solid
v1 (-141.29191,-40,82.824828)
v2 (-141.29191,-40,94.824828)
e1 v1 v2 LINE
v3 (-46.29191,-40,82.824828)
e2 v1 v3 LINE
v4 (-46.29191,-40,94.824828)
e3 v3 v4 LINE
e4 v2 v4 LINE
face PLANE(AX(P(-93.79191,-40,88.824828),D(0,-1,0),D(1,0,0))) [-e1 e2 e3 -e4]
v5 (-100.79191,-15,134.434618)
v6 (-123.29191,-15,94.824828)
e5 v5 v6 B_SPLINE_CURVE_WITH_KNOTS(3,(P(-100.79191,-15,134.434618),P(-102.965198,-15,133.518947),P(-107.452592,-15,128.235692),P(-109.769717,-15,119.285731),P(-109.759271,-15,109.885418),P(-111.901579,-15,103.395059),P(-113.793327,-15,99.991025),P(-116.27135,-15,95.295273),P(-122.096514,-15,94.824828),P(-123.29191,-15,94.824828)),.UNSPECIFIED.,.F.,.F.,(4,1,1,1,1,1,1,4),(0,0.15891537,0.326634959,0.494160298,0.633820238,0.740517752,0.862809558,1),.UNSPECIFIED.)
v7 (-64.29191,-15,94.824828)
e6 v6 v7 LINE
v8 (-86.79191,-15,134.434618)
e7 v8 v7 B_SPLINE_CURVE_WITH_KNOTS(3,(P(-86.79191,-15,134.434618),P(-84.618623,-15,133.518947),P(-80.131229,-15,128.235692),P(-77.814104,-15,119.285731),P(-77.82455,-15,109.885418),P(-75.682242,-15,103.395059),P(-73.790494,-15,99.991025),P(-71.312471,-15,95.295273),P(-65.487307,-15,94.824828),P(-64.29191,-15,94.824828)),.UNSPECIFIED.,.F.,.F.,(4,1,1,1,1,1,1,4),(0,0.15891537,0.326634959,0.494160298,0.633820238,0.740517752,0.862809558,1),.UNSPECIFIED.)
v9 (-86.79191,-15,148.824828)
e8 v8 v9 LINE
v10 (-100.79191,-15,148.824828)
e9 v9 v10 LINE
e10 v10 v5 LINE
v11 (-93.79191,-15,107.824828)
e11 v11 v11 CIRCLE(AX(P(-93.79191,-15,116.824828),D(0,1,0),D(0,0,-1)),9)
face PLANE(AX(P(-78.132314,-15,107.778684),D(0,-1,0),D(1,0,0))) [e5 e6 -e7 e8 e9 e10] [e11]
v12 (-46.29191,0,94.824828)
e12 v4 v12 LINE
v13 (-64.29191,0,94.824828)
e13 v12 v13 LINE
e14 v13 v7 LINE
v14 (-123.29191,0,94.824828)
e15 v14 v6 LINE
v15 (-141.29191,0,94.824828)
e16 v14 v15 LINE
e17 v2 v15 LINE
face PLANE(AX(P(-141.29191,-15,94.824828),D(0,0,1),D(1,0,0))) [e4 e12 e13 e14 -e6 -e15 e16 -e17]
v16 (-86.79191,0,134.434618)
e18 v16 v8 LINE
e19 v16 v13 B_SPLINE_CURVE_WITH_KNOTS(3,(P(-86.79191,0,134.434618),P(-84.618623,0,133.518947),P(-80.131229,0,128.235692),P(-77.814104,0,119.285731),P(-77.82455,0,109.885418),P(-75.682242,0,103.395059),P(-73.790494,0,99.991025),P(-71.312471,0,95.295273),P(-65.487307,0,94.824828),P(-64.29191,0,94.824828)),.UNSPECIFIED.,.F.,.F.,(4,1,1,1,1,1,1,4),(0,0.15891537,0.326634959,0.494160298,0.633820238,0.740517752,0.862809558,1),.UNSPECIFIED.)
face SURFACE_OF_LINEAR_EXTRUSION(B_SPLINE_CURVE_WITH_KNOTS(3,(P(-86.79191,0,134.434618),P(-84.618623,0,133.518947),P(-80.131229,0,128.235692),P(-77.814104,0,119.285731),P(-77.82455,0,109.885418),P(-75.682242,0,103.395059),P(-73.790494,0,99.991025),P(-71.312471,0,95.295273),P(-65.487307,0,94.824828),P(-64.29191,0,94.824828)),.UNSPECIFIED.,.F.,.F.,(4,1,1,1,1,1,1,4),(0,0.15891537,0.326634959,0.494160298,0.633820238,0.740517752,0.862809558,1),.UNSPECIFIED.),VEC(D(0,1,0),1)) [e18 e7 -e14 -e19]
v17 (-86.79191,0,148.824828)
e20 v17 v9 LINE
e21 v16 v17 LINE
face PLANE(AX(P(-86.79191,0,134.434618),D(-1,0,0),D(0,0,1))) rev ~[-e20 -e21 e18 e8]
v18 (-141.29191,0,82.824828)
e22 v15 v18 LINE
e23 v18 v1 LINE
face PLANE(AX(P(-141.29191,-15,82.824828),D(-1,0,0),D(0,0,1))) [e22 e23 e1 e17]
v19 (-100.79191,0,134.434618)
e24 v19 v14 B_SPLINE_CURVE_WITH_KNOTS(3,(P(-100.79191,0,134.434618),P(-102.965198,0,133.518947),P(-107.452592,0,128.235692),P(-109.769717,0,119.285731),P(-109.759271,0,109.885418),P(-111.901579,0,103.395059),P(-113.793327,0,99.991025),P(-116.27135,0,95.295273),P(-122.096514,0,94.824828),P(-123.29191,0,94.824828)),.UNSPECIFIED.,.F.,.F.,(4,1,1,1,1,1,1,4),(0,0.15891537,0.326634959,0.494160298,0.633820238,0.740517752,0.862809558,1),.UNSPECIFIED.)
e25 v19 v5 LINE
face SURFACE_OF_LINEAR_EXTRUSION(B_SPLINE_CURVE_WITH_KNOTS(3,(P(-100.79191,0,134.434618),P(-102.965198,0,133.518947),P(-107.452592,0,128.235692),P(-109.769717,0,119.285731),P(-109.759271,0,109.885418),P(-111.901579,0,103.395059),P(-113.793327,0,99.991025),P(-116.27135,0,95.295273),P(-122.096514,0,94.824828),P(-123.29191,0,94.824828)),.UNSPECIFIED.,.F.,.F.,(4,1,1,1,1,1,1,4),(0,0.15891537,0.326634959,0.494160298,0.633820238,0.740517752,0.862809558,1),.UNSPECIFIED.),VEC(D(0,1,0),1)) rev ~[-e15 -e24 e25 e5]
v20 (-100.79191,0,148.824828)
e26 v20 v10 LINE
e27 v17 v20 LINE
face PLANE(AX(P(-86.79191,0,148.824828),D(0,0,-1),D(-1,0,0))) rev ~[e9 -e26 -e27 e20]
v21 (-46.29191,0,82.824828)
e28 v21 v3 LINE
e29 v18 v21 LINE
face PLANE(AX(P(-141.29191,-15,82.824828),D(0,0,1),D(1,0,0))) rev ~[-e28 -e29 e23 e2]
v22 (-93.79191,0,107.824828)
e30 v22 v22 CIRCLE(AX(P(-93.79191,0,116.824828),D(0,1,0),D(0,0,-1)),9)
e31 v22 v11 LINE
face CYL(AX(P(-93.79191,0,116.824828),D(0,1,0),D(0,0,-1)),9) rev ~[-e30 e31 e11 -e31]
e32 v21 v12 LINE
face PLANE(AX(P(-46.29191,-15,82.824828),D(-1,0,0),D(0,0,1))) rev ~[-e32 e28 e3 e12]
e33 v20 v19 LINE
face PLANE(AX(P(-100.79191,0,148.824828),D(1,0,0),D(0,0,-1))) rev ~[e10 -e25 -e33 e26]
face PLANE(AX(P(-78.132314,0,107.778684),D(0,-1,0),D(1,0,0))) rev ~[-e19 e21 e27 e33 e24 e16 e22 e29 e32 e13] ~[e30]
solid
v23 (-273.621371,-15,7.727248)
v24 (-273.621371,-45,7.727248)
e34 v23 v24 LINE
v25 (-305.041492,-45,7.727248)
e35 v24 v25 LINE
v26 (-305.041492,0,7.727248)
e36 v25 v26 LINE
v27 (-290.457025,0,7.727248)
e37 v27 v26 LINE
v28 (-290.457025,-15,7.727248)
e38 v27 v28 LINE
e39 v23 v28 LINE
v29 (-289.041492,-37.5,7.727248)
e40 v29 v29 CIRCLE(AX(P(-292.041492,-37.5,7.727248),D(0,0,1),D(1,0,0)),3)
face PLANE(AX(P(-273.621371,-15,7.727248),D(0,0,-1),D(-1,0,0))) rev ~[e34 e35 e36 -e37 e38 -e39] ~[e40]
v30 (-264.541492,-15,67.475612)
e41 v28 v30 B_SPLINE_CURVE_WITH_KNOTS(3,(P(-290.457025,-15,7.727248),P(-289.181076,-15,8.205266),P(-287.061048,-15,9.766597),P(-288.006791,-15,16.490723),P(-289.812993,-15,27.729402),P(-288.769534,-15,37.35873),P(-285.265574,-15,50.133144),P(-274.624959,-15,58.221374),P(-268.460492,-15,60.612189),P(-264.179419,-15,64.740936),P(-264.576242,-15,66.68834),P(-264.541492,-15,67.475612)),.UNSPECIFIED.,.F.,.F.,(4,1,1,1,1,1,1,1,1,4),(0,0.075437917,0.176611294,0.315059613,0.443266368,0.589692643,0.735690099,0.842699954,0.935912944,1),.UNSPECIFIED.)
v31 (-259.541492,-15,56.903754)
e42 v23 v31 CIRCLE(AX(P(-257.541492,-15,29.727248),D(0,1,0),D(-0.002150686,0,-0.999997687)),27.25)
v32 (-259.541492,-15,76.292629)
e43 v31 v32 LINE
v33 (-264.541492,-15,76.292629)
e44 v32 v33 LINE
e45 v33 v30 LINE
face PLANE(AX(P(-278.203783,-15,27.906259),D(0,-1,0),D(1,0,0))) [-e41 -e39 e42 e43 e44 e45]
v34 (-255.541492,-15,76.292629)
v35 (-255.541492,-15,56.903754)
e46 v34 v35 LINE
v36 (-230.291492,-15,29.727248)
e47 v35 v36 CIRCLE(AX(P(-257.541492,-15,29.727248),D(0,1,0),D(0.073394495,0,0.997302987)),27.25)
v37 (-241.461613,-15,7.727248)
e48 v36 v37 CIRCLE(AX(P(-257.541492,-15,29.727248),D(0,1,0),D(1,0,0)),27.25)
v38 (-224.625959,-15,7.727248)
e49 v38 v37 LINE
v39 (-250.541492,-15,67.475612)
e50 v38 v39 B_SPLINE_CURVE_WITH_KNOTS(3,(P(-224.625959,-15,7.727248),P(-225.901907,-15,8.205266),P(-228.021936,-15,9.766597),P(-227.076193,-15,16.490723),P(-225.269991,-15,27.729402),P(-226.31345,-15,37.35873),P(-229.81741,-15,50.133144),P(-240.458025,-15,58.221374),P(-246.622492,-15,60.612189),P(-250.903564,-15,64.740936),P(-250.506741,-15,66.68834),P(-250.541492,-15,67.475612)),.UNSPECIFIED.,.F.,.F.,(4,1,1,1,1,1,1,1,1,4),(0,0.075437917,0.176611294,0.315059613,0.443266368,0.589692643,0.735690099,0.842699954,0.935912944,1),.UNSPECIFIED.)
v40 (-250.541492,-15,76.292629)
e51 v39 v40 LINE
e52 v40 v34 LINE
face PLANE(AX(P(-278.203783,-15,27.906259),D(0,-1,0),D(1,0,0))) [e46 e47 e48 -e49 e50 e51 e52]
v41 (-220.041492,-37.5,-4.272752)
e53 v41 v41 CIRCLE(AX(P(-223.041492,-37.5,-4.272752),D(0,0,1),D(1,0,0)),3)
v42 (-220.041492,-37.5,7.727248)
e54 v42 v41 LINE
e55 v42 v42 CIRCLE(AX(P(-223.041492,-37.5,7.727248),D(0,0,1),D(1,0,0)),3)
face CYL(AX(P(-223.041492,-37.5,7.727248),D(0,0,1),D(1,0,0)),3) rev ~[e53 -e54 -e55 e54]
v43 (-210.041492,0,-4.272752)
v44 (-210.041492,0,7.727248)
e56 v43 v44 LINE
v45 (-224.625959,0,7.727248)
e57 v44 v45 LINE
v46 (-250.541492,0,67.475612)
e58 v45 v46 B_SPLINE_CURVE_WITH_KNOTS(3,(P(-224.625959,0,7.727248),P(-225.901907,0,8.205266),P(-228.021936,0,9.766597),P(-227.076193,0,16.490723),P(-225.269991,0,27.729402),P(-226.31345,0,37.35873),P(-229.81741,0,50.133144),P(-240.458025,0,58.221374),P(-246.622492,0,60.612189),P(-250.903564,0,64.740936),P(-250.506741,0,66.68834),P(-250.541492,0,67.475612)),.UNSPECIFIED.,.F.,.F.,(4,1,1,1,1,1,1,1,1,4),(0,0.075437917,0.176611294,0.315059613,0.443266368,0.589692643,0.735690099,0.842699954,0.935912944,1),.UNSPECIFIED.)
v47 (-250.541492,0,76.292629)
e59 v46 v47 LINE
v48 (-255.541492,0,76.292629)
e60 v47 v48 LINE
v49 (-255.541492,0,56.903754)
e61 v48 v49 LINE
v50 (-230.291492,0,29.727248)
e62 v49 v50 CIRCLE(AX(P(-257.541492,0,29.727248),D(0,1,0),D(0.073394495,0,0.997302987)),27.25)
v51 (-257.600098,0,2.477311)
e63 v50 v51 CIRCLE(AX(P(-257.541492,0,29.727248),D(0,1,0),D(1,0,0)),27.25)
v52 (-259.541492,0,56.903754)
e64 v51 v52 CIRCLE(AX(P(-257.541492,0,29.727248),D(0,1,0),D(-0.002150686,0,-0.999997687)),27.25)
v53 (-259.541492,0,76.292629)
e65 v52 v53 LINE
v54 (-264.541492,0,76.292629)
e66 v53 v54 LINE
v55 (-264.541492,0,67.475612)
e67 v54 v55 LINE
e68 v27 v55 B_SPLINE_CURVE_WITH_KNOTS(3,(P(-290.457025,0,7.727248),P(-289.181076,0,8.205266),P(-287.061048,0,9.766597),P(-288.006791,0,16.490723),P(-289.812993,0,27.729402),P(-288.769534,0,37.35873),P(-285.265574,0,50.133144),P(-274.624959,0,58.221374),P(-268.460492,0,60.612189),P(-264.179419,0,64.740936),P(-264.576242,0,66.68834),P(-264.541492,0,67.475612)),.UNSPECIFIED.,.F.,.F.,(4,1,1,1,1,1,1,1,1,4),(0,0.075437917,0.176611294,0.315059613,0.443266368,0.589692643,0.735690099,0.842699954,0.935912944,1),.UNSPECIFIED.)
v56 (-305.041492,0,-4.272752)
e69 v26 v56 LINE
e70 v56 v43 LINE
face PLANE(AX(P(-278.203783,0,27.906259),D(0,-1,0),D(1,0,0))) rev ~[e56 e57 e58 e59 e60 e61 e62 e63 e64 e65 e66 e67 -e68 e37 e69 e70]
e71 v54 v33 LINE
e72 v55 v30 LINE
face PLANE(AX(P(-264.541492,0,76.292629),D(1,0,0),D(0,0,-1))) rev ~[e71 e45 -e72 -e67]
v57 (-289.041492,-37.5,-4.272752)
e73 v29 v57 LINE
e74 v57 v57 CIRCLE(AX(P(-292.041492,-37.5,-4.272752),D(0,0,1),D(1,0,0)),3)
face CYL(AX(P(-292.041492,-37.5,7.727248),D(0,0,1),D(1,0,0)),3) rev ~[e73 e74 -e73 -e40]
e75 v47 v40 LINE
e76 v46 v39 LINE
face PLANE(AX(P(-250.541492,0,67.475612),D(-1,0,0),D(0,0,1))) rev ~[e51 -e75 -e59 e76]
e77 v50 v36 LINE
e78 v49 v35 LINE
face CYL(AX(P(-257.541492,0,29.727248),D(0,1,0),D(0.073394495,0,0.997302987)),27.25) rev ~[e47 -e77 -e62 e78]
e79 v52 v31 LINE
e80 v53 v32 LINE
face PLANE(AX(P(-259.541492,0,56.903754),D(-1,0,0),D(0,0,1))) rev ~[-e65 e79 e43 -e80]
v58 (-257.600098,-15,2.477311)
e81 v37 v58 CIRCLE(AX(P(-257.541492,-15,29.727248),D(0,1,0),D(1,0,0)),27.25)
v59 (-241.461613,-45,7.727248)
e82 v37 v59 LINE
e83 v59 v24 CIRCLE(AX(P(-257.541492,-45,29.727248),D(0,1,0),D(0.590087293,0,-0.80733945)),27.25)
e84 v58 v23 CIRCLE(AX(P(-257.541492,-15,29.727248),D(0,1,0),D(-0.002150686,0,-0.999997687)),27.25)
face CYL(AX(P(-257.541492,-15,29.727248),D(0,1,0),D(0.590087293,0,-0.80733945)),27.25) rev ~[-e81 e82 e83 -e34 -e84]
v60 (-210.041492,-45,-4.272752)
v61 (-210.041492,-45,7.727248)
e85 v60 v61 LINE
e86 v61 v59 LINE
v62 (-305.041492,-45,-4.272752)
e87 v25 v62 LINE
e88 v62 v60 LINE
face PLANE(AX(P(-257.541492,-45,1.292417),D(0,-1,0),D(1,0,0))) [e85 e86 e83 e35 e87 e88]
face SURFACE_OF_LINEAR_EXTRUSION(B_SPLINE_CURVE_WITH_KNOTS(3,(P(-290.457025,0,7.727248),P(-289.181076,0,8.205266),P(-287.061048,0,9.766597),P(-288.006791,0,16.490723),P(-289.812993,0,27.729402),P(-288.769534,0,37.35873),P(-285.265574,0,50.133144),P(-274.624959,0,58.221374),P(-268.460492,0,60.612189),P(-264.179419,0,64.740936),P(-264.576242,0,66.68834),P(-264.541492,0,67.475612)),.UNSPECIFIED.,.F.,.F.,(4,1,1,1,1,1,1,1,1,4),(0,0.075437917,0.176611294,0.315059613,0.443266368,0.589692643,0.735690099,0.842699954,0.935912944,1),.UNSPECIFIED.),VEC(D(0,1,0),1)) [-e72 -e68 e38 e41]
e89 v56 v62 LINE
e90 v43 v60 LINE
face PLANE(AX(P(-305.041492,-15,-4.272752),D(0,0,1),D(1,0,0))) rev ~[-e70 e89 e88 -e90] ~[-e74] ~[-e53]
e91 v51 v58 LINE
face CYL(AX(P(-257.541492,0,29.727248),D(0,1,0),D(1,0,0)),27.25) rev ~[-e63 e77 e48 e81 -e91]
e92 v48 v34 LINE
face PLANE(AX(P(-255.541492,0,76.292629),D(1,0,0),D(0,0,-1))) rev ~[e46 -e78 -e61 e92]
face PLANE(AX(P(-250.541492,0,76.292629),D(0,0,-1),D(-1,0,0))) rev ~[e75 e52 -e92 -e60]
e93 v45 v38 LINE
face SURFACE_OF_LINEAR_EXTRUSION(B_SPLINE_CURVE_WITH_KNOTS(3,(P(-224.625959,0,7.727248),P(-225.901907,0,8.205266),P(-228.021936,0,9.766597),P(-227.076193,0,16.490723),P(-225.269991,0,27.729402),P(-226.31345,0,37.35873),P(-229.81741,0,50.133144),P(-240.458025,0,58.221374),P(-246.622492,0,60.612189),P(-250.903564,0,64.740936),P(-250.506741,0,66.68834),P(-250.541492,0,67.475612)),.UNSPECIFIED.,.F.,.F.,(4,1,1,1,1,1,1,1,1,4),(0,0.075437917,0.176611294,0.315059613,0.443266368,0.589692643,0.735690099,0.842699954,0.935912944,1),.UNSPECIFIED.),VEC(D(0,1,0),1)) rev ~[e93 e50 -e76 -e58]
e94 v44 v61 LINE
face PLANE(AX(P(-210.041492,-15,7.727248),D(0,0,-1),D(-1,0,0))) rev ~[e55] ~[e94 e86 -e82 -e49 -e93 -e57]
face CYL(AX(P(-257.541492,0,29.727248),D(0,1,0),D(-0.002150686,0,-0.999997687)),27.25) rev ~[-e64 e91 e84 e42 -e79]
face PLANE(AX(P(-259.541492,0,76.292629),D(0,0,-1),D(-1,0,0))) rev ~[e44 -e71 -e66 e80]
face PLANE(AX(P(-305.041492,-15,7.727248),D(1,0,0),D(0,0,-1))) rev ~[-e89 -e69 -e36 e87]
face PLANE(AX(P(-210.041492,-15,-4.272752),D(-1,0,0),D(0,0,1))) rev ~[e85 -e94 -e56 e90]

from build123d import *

# Parameters (mm, degrees)
F1_DEPTH = 15
F2_W     = 95
F2_H     = 12
F3_DEPTH = 25
F5_DEPTH = 30
F6_R     = 3
F7_DEPTH = 25


with BuildPart() as f1:
    # F0 (on Front) → F1 (new body)
    with BuildSketch(Plane.XZ):
        with BuildLine():
            Line((-86.7919104606, 148.8248279665), (-93.7919104606, 148.8248279665))
            Line((-93.7919104606, 148.8248279665), (-93.7919104606, 125.8248279665))
            ThreePointArc((-93.7919104606, 125.8248279665), (-84.7919104606, 116.8248279665), (-93.7919104606, 107.8248279665))
            Line((-93.7919104606, 107.8248279665), (-93.7919104606, 82.8248279665))
            Line((-93.7919104606, 82.8248279665), (-46.2919104606, 82.8248279665))
            Line((-46.2919104606, 82.8248279665), (-46.2919104606, 94.8248279665))
            Line((-46.2919104606, 94.8248279665), (-64.2919104606, 94.8248279665))
            add(Edge.make_bspline(
                [(-86.7919104606, 134.4346182567), (-84.6186229965, 133.5189465859), (-80.1312288241, 128.2356920468), (-77.8141041543, 119.2857314457), (-77.824550096, 109.8854181171), (-75.6822417412, 103.3950594754), (-73.7904940331, 99.9910254255), (-71.3124707915, 95.2952731617), (-65.4873071613, 94.8248279665), (-64.2919104606, 94.8248279665)],
                knots=[0, 0, 0, 0, 0.1589153696, 0.3266349591, 0.4941602985, 0.6338202377, 0.7405177517, 0.8628095578, 1, 1, 1, 1], degree=3))
            Line((-86.7919104606, 134.4346182567), (-86.7919104606, 148.8248279665))
        make_face()
        with BuildLine():
            Line((-93.7919104606, 125.8248279665), (-93.7919104606, 148.8248279665))
            Line((-93.7919104606, 148.8248279665), (-100.7919104606, 148.8248279665))
            Line((-100.7919104606, 148.8248279665), (-100.7919104606, 134.4346182567))
            add(Edge.make_bspline(
                [(-100.7919104606, 134.4346182567), (-102.9651979248, 133.5189465859), (-107.4525920971, 128.2356920468), (-109.7697167669, 119.2857314457), (-109.7592708252, 109.8854181171), (-111.90157918, 103.3950594754), (-113.7933268881, 99.9910254255), (-116.2713501297, 95.2952731617), (-122.09651376, 94.8248279665), (-123.2919104606, 94.8248279665)],
                knots=[0, 0, 0, 0, 0.1589153696, 0.3266349591, 0.4941602985, 0.6338202377, 0.7405177517, 0.8628095578, 1, 1, 1, 1], degree=3))
            Line((-123.2919104606, 94.8248279665), (-141.2919104606, 94.8248279665))
            Line((-141.2919104606, 94.8248279665), (-141.2919104606, 82.8248279665))
            Line((-141.2919104606, 82.8248279665), (-93.7919104606, 82.8248279665))
            Line((-93.7919104606, 82.8248279665), (-93.7919104606, 107.8248279665))
            ThreePointArc((-93.7919104606, 107.8248279665), (-102.7919104606, 116.8248279665), (-93.7919104606, 125.8248279665))
        make_face()
    extrude(amount=F1_DEPTH)

    # F2 (on face) → F3 (join)
    with BuildSketch(Plane.XZ.offset(15)):
        with Locations((-93.7919104606, 88.8248279665)):
            Rectangle(F2_W, F2_H)
    extrude(amount=F3_DEPTH)


with BuildPart() as f1b:
    # F0 (on Front) → F1, piece 2 (new body)
    with BuildSketch(Plane.XZ):
        with BuildLine():
            Line((-257.6000979949, -4.2727524898), (-257.6000979949, 2.477310532))
            ThreePointArc((-257.6000979949, 2.477310532), (-284.7741725177, 28.7558565069), (-259.5414917918, 56.9037539082))
            Line((-259.5414917918, 56.9037539082), (-259.5414917918, 76.2926292618))
            Line((-259.5414917918, 76.2926292618), (-264.5414917918, 76.2926292618))
            Line((-264.5414917918, 76.2926292618), (-264.5414917918, 67.4756121834))
            add(Edge.make_bspline(
                [(-290.4570249768, 7.7272475102), (-289.1810761401, 8.2052664847), (-287.0610478005, 9.7665971379), (-288.0067907257, 16.4907230197), (-289.8129929509, 27.7294023947), (-288.7695339108, 37.3587296696), (-285.2655736169, 50.133144334), (-274.6249586166, 58.2213743066), (-268.4604919275, 60.6121886454), (-264.1794193992, 64.7409361805), (-264.5762423932, 66.6883398304), (-264.5414917918, 67.4756121834)],
                knots=[0, 0, 0, 0, 0.0754379169, 0.1766112941, 0.3150596134, 0.4432663677, 0.5896926426, 0.7356900989, 0.8426999539, 0.935912944, 1, 1, 1, 1], degree=3))
            Line((-290.4570249768, 7.7272475102), (-305.0414917918, 7.7272475102))
            Line((-305.0414917918, 7.7272475102), (-305.0414917918, -4.2727524898))
            Line((-305.0414917918, -4.2727524898), (-257.6000979949, -4.2727524898))
        make_face()
        with BuildLine():
            ThreePointArc((-255.5414917918, 56.9037539082), (-237.5782443105, 48.2753269256), (-230.2914917918, 29.7272475102))
            ThreePointArc((-230.2914917918, 29.7272475102), (-238.2935635791, 10.4378784299), (-257.6000979949, 2.477310532))
            Line((-257.6000979949, 2.477310532), (-257.6000979949, -4.2727524898))
            Line((-257.6000979949, -4.2727524898), (-257.4828855888, -4.2727524898))
            Line((-257.4828855888, -4.2727524898), (-210.0414917918, -4.2727524898))
            Line((-210.0414917918, -4.2727524898), (-210.0414917918, 7.7272475102))
            Line((-210.0414917918, 7.7272475102), (-224.6259586068, 7.7272475102))
            add(Edge.make_bspline(
                [(-224.6259586068, 7.7272475102), (-225.9019074436, 8.2052664847), (-228.0219357831, 9.7665971379), (-227.076192858, 16.4907230197), (-225.2699906328, 27.7294023947), (-226.3134496728, 37.3587296696), (-229.8174099667, 50.133144334), (-240.458024967, 58.2213743066), (-246.6224916561, 60.6121886454), (-250.9035641845, 64.7409361805), (-250.5067411904, 66.6883398304), (-250.5414917918, 67.4756121834)],
                knots=[0, 0, 0, 0, 0.0754379169, 0.1766112941, 0.3150596134, 0.4432663677, 0.5896926426, 0.7356900989, 0.8426999539, 0.935912944, 1, 1, 1, 1], degree=3))
            Line((-250.5414917918, 67.4756121834), (-250.5414917918, 76.2926292618))
            Line((-250.5414917918, 76.2926292618), (-255.5414917918, 76.2926292618))
            Line((-255.5414917918, 76.2926292618), (-255.5414917918, 56.9037539082))
        make_face()
    extrude(amount=F1_DEPTH)

    # F4 (on face) → F5 (join)
    with BuildSketch(Plane.XZ.offset(15)):
        with BuildLine():
            Line((-305.0414917918, 7.7272475102), (-305.0414917918, -4.2727524898))
            Line((-305.0414917918, -4.2727524898), (-210.0414917918, -4.2727524898))
            Line((-210.0414917918, -4.2727524898), (-210.0414917918, 7.7272475102))
            Line((-210.0414917918, 7.7272475102), (-224.6259586068, 7.7272475102))
            Line((-224.6259586068, 7.7272475102), (-241.4616130609, 7.7272475102))
            ThreePointArc((-241.4616130609, 7.7272475102), (-257.5414917918, 2.4772475102), (-273.6213705227, 7.7272475102))
            Line((-273.6213705227, 7.7272475102), (-290.4570249768, 7.7272475102))
            Line((-290.4570249768, 7.7272475102), (-305.0414917918, 7.7272475102))
        make_face()
    extrude(amount=F5_DEPTH)

    # F6 (on face) → F7 (cut)
    with BuildSketch(Plane.XY.offset(7.7272475102)):
        with Locations((-292.0414917918, -37.5)):
            Circle(F6_R)
        with Locations((-223.0414917918, -37.5)):
            Circle(F6_R)
    extrude(amount=-F7_DEPTH, mode=Mode.SUBTRACT)


solid = Compound([f1.part, f1b.part])
